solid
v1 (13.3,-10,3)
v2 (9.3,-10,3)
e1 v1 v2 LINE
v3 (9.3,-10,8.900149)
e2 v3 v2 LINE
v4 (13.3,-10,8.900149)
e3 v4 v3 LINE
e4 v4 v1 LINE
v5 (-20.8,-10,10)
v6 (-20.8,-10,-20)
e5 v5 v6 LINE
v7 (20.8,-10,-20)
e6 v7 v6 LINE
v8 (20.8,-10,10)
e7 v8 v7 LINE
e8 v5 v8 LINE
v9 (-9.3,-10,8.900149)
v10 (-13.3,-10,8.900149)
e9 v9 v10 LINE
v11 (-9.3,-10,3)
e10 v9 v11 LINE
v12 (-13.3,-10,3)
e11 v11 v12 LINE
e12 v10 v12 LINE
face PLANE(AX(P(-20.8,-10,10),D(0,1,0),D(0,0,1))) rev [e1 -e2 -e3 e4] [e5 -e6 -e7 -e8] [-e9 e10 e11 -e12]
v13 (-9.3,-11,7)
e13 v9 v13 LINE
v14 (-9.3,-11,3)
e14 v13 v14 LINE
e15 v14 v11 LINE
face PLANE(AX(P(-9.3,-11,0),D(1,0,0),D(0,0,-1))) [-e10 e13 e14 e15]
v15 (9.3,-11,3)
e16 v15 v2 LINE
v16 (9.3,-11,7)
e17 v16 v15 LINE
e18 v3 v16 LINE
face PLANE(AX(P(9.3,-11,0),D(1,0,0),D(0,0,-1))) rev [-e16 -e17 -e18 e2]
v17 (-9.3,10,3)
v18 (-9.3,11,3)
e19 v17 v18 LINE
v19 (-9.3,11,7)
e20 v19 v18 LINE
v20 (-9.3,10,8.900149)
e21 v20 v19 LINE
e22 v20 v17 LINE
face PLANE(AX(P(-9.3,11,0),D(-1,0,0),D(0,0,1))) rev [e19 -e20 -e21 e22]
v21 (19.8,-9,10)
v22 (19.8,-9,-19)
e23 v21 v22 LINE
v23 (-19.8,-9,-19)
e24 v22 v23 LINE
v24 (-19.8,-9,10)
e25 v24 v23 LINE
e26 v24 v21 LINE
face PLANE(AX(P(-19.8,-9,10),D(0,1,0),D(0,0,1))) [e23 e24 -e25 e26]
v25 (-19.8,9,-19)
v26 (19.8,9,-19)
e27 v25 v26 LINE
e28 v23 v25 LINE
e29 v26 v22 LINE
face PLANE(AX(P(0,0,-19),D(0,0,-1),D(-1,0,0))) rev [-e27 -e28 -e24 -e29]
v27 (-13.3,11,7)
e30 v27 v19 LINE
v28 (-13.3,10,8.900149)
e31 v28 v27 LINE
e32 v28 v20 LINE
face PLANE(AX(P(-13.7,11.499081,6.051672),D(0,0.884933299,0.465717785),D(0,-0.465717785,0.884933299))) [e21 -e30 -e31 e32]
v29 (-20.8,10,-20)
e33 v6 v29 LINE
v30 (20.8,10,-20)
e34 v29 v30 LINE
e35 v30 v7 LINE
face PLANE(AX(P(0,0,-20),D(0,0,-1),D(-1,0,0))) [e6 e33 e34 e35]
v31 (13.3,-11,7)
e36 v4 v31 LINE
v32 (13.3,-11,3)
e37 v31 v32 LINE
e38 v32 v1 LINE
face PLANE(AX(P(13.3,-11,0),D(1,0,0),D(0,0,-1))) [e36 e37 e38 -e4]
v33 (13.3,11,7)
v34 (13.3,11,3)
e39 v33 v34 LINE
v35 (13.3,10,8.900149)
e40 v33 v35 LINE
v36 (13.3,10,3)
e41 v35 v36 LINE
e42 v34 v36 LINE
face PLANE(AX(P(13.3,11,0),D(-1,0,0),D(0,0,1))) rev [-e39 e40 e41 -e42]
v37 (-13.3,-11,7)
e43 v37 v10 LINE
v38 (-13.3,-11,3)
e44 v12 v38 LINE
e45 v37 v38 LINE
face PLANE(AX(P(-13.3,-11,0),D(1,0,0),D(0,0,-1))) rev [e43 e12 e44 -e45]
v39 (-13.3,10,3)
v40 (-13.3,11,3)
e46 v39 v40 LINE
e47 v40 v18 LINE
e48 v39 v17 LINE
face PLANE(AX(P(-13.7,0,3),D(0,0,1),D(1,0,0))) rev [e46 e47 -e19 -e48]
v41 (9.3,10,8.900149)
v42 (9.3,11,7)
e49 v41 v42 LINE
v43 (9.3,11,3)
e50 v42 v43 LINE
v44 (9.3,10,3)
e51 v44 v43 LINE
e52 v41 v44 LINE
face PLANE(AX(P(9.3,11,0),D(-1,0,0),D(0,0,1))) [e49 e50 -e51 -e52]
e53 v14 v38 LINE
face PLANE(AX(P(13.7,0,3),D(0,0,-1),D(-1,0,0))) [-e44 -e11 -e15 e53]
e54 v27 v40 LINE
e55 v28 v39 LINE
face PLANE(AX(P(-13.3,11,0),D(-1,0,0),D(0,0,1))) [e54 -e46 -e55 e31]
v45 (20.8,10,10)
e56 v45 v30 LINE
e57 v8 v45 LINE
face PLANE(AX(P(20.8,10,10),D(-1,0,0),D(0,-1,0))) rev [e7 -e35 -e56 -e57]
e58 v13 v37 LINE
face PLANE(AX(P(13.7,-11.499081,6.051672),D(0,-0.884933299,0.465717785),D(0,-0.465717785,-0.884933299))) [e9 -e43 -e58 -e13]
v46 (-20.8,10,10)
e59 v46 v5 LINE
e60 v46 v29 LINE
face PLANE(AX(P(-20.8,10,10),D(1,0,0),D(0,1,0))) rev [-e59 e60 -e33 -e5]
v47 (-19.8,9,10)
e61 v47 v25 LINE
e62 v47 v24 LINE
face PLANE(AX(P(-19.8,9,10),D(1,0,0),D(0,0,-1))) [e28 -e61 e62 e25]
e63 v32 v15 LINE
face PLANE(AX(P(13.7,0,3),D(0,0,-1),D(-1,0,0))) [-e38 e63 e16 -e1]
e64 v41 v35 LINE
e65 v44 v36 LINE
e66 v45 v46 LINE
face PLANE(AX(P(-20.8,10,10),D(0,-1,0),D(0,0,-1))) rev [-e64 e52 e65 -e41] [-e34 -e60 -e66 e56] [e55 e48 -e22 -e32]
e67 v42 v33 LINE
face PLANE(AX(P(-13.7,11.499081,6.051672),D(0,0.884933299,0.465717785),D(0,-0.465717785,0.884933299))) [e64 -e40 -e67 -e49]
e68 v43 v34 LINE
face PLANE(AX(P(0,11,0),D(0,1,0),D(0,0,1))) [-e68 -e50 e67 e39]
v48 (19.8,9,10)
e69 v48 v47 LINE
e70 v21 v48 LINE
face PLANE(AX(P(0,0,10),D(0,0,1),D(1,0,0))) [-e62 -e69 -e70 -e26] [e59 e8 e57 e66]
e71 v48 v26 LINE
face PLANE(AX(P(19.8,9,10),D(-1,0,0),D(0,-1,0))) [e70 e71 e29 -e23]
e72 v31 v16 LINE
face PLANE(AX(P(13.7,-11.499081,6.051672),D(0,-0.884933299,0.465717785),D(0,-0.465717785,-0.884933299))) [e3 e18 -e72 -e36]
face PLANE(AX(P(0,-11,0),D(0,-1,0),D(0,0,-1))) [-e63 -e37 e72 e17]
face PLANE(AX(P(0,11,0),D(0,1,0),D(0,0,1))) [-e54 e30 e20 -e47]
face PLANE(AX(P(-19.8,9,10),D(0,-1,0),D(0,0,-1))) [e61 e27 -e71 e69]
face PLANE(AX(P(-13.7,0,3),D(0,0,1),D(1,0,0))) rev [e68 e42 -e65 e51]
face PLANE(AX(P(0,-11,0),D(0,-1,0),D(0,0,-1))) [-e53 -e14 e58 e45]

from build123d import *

# Parameters (mm, degrees)
SKETCH1_W           = 41.6
SKETCH1_H           = 20
SKETCH1_W_2         = 39.6
SKETCH1_H_2         = 18
BOSS_EXTRUDE2_DEPTH = 10
SKETCH2_W           = 4
SKETCH2_H           = 10
BOSS_EXTRUDE3_DEPTH = 1
SKETCH3_W           = 3
SKETCH3_H           = 1
CUT_EXTRUDE1_DEPTH  = 27
SKETCH4_W           = 4
SKETCH4_H           = 10
BOSS_EXTRUDE4_DEPTH = 1
SKETCH5_W           = 3
SKETCH5_H           = 1
CUT_EXTRUDE2_DEPTH  = 27
SKETCH6_W           = 41.6
SKETCH6_H           = 20
SKETCH6_W_2         = 39.6
SKETCH6_H_2         = 18
BOSS_EXTRUDE6_DEPTH = 19
SKETCH7_W           = 41.6
SKETCH7_H           = 20
BOSS_EXTRUDE7_DEPTH = 1


with BuildPart() as part:
    # Sketch1 → Boss-Extrude2 (new body)
    with BuildSketch(Plane.XY):
        Rectangle(SKETCH1_W, SKETCH1_H)
        Rectangle(SKETCH1_W_2, SKETCH1_H_2, mode=Mode.SUBTRACT)
    extrude(amount=BOSS_EXTRUDE2_DEPTH)

    # Sketch2 → Boss-Extrude3 (add)
    with BuildSketch(Plane.XZ.offset(10)):
        with Locations((-11.3, 5)):
            Rectangle(SKETCH2_W, SKETCH2_H)
        with Locations((11.3, 5)):
            Rectangle(SKETCH2_W, SKETCH2_H)
    extrude(amount=BOSS_EXTRUDE3_DEPTH)

    # Sketch3 → Cut-Extrude1 (cut)
    with BuildSketch(Plane.ZY.offset(13.3)):
        Polygon((8.900149248, -10), (7, -11), (10, -11), (10, -10), align=None)
        with Locations((1.5, -10.5)):
            Rectangle(SKETCH3_W, SKETCH3_H)
    extrude(amount=-CUT_EXTRUDE1_DEPTH, mode=Mode.SUBTRACT)

    # Sketch4 → Boss-Extrude4 (add)
    with BuildSketch(Plane(origin=(0, 10, 0), x_dir=(1, 0, 0), z_dir=(0, 1, 0))):
        with Locations((11.3, -5)):
            Rectangle(SKETCH4_W, SKETCH4_H)
        with Locations((-11.3, -5)):
            Rectangle(SKETCH4_W, SKETCH4_H)
    extrude(amount=BOSS_EXTRUDE4_DEPTH)

    # Sketch5 → Cut-Extrude2 (cut)
    with BuildSketch(Plane(origin=(13.3, 0, 0), x_dir=(0, 0, -1), z_dir=(1, 0, 0))):
        Polygon((-7, 11), (-10, 11), (-10, 10), (-8.900149248, 10), align=None)
        with Locations((-1.5, 10.5)):
            Rectangle(SKETCH5_W, SKETCH5_H)
    extrude(amount=-CUT_EXTRUDE2_DEPTH, mode=Mode.SUBTRACT)

    # Sketch6 → Boss-Extrude6 (add)
    with BuildSketch(Plane(origin=(0, 0, 0), x_dir=(-1, 0, 0), z_dir=(0, 0, -1))):
        Rectangle(SKETCH6_W, SKETCH6_H)
        Rectangle(SKETCH6_W_2, SKETCH6_H_2, mode=Mode.SUBTRACT)
    extrude(amount=BOSS_EXTRUDE6_DEPTH)

    # Sketch7 → Boss-Extrude7 (add)
    with BuildSketch(Plane(origin=(0, 0, -19), x_dir=(-1, 0, 0), z_dir=(0, 0, -1))):
        Rectangle(SKETCH7_W, SKETCH7_H)
    extrude(amount=BOSS_EXTRUDE7_DEPTH)


solid = part.part
